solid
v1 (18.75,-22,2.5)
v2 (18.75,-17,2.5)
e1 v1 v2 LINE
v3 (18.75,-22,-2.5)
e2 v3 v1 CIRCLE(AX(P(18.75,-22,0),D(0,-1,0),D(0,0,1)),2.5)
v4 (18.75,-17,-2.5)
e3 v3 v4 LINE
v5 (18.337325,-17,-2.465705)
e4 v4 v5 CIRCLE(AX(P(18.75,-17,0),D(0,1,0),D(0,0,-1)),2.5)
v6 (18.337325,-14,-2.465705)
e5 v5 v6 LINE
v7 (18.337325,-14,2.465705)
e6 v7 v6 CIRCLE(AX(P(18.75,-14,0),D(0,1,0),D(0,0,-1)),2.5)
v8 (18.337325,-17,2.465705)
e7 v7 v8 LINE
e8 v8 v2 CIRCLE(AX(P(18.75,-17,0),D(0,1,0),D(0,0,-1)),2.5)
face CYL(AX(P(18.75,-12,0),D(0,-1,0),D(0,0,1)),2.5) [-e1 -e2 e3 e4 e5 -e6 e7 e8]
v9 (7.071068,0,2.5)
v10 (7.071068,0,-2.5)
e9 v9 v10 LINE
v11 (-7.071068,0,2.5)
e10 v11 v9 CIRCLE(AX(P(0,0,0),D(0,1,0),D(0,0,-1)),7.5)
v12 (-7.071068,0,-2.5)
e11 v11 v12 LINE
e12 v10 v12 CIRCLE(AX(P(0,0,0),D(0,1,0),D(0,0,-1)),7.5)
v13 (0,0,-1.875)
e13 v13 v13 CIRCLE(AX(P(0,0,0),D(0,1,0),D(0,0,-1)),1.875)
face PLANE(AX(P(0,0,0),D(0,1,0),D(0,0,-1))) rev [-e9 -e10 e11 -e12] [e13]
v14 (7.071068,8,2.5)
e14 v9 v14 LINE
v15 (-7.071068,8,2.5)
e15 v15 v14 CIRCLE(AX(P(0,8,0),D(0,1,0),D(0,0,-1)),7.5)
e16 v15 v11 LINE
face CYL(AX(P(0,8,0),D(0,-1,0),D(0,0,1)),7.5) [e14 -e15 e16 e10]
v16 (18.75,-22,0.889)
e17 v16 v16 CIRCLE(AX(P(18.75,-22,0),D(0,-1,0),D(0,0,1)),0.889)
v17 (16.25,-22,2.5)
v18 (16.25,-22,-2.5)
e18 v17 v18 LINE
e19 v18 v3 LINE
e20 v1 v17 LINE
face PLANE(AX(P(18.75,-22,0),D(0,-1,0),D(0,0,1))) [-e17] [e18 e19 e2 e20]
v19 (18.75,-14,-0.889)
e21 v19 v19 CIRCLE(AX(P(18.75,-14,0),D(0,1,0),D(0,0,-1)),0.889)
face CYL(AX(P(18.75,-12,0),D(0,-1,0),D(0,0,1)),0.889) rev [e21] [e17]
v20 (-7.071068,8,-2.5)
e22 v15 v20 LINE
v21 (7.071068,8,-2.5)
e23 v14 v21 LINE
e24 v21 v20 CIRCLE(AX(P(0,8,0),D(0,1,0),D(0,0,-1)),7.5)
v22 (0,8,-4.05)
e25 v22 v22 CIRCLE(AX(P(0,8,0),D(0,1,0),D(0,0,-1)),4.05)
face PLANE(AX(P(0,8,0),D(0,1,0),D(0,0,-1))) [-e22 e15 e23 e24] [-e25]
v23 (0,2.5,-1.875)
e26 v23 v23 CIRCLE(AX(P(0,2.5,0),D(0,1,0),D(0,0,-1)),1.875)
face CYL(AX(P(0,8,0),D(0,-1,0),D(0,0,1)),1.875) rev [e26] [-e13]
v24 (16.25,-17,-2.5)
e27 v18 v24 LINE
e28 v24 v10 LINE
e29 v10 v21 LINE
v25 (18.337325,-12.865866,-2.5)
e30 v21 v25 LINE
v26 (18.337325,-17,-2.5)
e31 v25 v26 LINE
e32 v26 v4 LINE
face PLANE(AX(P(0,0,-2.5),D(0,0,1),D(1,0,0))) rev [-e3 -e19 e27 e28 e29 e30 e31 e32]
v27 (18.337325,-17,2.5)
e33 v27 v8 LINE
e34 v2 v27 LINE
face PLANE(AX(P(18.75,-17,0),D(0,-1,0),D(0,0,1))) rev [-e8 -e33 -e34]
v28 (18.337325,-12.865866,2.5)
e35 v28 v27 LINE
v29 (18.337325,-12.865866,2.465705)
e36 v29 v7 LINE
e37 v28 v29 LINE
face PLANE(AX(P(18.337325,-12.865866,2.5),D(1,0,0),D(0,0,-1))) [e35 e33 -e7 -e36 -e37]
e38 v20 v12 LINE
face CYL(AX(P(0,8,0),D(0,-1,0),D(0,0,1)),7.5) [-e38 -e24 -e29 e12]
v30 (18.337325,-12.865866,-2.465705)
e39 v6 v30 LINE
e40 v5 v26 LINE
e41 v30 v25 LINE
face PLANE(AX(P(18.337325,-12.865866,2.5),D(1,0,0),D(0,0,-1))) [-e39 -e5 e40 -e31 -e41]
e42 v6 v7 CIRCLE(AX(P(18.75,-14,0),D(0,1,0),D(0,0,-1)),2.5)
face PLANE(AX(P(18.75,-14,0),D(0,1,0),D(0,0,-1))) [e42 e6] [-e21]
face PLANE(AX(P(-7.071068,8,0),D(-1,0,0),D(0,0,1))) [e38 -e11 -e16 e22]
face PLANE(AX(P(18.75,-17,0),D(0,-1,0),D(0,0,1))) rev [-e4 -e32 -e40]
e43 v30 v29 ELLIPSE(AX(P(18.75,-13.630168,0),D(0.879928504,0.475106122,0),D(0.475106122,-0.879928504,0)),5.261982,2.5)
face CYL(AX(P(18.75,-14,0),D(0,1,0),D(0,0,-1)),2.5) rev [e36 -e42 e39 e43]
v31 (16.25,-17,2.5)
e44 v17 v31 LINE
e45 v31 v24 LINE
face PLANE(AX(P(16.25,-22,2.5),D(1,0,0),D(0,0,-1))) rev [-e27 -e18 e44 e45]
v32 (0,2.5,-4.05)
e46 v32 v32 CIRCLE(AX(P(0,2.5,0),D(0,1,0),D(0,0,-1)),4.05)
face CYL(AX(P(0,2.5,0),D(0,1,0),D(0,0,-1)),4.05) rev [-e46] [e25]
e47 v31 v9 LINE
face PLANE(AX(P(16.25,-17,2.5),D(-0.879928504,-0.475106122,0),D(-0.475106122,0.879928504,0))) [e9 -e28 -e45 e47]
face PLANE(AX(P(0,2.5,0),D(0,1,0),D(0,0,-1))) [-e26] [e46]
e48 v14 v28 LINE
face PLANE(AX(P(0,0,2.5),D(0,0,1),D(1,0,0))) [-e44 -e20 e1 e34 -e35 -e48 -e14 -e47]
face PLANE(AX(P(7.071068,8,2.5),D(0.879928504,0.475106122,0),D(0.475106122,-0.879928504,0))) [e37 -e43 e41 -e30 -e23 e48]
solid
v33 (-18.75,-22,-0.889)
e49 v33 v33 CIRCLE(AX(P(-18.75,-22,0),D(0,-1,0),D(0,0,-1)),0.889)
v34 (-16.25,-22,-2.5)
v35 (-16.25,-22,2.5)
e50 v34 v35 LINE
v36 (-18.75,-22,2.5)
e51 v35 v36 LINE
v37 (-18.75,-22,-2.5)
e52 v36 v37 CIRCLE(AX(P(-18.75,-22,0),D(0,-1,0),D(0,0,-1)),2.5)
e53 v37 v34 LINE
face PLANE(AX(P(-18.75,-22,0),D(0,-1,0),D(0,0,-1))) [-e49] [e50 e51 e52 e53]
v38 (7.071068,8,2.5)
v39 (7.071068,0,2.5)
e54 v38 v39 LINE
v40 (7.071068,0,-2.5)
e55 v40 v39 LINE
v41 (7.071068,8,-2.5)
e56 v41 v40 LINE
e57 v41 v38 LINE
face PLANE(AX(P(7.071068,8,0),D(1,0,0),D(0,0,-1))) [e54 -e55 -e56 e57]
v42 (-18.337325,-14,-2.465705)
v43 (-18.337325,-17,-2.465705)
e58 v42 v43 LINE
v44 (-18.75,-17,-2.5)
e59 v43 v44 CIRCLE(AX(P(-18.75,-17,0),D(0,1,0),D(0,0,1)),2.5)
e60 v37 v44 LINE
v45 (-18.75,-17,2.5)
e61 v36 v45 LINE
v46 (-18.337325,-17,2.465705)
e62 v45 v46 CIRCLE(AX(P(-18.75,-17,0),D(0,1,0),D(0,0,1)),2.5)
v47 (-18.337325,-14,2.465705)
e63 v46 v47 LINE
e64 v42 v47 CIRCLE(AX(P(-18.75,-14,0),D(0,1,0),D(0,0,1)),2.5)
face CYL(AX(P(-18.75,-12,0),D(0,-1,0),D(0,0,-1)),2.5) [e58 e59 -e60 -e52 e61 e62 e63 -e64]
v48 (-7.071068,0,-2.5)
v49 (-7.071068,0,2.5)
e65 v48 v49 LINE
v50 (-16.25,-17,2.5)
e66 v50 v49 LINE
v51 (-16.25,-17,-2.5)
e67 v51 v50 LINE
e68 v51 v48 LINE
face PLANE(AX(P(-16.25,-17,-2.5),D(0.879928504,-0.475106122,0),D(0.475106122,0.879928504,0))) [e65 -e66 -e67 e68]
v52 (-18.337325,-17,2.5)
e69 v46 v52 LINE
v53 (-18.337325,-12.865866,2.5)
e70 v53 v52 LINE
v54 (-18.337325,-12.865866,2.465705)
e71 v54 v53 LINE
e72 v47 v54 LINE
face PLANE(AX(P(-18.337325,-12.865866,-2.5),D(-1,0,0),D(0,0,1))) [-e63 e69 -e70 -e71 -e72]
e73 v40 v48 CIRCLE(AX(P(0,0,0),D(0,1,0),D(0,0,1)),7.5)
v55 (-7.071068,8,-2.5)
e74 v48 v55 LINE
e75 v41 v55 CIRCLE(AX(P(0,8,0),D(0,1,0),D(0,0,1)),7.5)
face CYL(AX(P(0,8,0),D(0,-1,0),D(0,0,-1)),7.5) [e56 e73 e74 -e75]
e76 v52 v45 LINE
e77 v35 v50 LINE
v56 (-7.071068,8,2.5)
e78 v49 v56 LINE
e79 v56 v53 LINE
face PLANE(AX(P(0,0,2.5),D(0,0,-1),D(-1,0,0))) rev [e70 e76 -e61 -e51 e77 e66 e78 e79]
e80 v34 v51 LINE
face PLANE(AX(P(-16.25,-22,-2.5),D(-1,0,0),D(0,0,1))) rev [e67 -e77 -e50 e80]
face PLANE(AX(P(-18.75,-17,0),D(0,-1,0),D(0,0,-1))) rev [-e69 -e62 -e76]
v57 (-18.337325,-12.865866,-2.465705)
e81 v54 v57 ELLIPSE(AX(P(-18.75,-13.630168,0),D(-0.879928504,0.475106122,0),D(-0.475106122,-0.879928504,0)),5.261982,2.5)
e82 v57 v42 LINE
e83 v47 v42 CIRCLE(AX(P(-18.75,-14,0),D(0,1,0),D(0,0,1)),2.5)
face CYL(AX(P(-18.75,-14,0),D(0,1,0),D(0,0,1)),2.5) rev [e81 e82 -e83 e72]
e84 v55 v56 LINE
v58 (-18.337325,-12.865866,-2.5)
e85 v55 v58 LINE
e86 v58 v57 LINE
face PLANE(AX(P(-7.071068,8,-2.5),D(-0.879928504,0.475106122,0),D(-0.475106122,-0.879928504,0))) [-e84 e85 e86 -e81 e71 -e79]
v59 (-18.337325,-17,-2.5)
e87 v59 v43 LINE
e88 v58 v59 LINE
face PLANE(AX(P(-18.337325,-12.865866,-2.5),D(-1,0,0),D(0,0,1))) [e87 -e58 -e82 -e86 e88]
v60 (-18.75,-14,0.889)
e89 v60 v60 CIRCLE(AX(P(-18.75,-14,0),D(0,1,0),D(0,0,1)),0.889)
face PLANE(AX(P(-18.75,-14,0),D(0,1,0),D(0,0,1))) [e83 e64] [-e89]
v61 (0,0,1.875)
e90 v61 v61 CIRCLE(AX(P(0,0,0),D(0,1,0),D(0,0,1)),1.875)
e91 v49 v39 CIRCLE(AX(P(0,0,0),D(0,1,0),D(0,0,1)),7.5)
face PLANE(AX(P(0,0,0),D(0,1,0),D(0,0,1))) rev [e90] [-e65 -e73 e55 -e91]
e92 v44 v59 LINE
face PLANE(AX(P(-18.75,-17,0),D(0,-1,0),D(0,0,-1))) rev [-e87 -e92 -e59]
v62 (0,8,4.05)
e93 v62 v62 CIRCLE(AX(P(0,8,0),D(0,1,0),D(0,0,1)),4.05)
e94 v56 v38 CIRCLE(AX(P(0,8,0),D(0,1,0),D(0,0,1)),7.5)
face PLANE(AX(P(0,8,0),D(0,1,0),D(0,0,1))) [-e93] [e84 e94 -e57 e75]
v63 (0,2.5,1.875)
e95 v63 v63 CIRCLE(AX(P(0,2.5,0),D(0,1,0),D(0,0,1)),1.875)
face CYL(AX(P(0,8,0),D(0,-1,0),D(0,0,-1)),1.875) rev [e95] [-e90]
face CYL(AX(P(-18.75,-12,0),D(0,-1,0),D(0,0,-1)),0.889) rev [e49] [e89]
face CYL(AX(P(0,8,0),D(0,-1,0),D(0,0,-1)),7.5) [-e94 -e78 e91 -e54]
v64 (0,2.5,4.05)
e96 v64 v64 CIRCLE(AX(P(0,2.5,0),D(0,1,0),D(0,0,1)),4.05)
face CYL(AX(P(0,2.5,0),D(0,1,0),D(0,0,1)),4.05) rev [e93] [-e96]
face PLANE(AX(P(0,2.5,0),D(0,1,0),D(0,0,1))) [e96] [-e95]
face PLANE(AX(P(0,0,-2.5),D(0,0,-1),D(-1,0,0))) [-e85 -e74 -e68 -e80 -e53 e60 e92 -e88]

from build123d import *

# Parameters (mm, degrees)
SKETCH1_R                = 1.875
BOSS_EXTRUDE1_DEPTH      = 8
BOSS_EXTRUDE2_START      = -17
SKETCH1_3_R              = 2.5
SKETCH1_3_R_2            = 0.889
BOSS_EXTRUDE2_DEPTH      = 5
SKETCH4_R                = 4.05
CUT_EXTRUDE1_DEPTH       = 5.5
BOSS_EXTRUDE3_DEPTH      = 2.5
BOSS_EXTRUDE3_DEPTH_BACK = 2.5
CUT_EXTRUDE2_DEPTH       = 31.129926983
CUT_EXTRUDE2_DEPTH_BACK  = 2
SKETCH5_R                = 2.5
BOSS_EXTRUDE4_START      = 5
SKETCH8_R                = 0.889
BOSS_EXTRUDE4_DEPTH      = 5
SKETCH1_4_R              = 0.889
CUT_EXTRUDE3_DEPTH       = 32.49305479
CIRPATTERN5_COUNT        = 2


with BuildPart() as part:
    # Sketch1 → Boss-Extrude1 (new body)
    with BuildSketch(Plane(origin=(0, 0, 0), x_dir=(1, 0, 0), z_dir=(0, 1, 0))):
        with BuildLine():
            Line((7.071067812, -2.5), (7.071067812, 2.5))
            ThreePointArc((7.071067812, 2.5), (0, 7.5), (-7.071067812, 2.5))
            Line((-7.071067812, 2.5), (-7.071067812, -2.5))
            ThreePointArc((-7.071067812, -2.5), (0, -7.5), (7.071067812, -2.5))
        make_face()
        Circle(SKETCH1_R, mode=Mode.SUBTRACT)
    extrude(amount=BOSS_EXTRUDE1_DEPTH)

    # Sketch4 → Cut-Extrude1 (cut)
    with BuildSketch(Plane(origin=(0, 8, 0), x_dir=(1, 0, 0), z_dir=(0, 1, 0))):
        Circle(SKETCH4_R)
    extrude(amount=-CUT_EXTRUDE1_DEPTH, mode=Mode.SUBTRACT)



with BuildPart() as body_2:
    # Sketch1<3> → Boss-Extrude2 (new body)
    with BuildSketch(Plane(origin=(0, 0, 0), x_dir=(1, 0, 0), z_dir=(0, 1, 0)).offset(BOSS_EXTRUDE2_START)):
        with Locations((-18.75, 0)):
            Circle(SKETCH1_3_R)
        with Locations((-18.75, 0)):
            Circle(SKETCH1_3_R_2, mode=Mode.SUBTRACT)
    extrude(amount=BOSS_EXTRUDE2_DEPTH)


with BuildPart() as part_1:
    add(part.part)

    add(body_2.part)  # Boss-Extrude3 merges body 2
    # Sketch3 → Boss-Extrude3 (add, two sides: drawn at the far end of the back side and taken through both)
    with BuildSketch(Plane.XY.offset(-BOSS_EXTRUDE3_DEPTH_BACK)):
        Polygon((-7.071067812, 8), (-18.337324626, -12.86586565), (-18.337324626, -17), (-16.25, -17), (-7.071067812, 0), align=None)
    extrude(amount=BOSS_EXTRUDE3_DEPTH + BOSS_EXTRUDE3_DEPTH_BACK)

    # Sketch5 → Cut-Extrude2 (cut, two sides: drawn at the far end of the back side and taken through both)
    with BuildSketch(Plane(origin=(0, -12, 0), x_dir=(1, 0, 0), z_dir=(0, 1, 0)).offset(-CUT_EXTRUDE2_DEPTH_BACK)):
        with Locations((-18.75, 0)):
            Circle(SKETCH5_R)
    extrude(amount=CUT_EXTRUDE2_DEPTH + CUT_EXTRUDE2_DEPTH_BACK, mode=Mode.SUBTRACT)

    # Sketch8 → Boss-Extrude4 (add)
    with BuildSketch(Plane.XZ.offset(17).offset(BOSS_EXTRUDE4_START)):
        with BuildLine():
            Line((-18.75, -2.5), (-16.25, -2.5))
            Line((-16.25, -2.5), (-16.25, 2.5))
            Line((-16.25, 2.5), (-18.75, 2.5))
            ThreePointArc((-18.75, 2.5), (-21.25, 0), (-18.75, -2.5))
        make_face()
        with Locations((-18.75, 0)):
            Circle(SKETCH8_R, mode=Mode.SUBTRACT)
    extrude(amount=-BOSS_EXTRUDE4_DEPTH)

    # Sketch1<4> → Cut-Extrude3 (cut, through all)
    with BuildSketch(Plane(origin=(0, 0, 0), x_dir=(1, 0, 0), z_dir=(0, 1, 0))):
        with Locations((-18.75, 0)):
            Circle(SKETCH1_4_R)
    extrude(amount=-CUT_EXTRUDE3_DEPTH, mode=Mode.SUBTRACT)


with BuildPart() as cirpattern5_1:
    # CirPattern5: pattern copy
    add(part_1.part.rotate(Axis((0, 8, 0), (0, 1, 0)), 1 * 360 / CIRPATTERN5_COUNT))


solid = Compound([part_1.part, cirpattern5_1.part])
